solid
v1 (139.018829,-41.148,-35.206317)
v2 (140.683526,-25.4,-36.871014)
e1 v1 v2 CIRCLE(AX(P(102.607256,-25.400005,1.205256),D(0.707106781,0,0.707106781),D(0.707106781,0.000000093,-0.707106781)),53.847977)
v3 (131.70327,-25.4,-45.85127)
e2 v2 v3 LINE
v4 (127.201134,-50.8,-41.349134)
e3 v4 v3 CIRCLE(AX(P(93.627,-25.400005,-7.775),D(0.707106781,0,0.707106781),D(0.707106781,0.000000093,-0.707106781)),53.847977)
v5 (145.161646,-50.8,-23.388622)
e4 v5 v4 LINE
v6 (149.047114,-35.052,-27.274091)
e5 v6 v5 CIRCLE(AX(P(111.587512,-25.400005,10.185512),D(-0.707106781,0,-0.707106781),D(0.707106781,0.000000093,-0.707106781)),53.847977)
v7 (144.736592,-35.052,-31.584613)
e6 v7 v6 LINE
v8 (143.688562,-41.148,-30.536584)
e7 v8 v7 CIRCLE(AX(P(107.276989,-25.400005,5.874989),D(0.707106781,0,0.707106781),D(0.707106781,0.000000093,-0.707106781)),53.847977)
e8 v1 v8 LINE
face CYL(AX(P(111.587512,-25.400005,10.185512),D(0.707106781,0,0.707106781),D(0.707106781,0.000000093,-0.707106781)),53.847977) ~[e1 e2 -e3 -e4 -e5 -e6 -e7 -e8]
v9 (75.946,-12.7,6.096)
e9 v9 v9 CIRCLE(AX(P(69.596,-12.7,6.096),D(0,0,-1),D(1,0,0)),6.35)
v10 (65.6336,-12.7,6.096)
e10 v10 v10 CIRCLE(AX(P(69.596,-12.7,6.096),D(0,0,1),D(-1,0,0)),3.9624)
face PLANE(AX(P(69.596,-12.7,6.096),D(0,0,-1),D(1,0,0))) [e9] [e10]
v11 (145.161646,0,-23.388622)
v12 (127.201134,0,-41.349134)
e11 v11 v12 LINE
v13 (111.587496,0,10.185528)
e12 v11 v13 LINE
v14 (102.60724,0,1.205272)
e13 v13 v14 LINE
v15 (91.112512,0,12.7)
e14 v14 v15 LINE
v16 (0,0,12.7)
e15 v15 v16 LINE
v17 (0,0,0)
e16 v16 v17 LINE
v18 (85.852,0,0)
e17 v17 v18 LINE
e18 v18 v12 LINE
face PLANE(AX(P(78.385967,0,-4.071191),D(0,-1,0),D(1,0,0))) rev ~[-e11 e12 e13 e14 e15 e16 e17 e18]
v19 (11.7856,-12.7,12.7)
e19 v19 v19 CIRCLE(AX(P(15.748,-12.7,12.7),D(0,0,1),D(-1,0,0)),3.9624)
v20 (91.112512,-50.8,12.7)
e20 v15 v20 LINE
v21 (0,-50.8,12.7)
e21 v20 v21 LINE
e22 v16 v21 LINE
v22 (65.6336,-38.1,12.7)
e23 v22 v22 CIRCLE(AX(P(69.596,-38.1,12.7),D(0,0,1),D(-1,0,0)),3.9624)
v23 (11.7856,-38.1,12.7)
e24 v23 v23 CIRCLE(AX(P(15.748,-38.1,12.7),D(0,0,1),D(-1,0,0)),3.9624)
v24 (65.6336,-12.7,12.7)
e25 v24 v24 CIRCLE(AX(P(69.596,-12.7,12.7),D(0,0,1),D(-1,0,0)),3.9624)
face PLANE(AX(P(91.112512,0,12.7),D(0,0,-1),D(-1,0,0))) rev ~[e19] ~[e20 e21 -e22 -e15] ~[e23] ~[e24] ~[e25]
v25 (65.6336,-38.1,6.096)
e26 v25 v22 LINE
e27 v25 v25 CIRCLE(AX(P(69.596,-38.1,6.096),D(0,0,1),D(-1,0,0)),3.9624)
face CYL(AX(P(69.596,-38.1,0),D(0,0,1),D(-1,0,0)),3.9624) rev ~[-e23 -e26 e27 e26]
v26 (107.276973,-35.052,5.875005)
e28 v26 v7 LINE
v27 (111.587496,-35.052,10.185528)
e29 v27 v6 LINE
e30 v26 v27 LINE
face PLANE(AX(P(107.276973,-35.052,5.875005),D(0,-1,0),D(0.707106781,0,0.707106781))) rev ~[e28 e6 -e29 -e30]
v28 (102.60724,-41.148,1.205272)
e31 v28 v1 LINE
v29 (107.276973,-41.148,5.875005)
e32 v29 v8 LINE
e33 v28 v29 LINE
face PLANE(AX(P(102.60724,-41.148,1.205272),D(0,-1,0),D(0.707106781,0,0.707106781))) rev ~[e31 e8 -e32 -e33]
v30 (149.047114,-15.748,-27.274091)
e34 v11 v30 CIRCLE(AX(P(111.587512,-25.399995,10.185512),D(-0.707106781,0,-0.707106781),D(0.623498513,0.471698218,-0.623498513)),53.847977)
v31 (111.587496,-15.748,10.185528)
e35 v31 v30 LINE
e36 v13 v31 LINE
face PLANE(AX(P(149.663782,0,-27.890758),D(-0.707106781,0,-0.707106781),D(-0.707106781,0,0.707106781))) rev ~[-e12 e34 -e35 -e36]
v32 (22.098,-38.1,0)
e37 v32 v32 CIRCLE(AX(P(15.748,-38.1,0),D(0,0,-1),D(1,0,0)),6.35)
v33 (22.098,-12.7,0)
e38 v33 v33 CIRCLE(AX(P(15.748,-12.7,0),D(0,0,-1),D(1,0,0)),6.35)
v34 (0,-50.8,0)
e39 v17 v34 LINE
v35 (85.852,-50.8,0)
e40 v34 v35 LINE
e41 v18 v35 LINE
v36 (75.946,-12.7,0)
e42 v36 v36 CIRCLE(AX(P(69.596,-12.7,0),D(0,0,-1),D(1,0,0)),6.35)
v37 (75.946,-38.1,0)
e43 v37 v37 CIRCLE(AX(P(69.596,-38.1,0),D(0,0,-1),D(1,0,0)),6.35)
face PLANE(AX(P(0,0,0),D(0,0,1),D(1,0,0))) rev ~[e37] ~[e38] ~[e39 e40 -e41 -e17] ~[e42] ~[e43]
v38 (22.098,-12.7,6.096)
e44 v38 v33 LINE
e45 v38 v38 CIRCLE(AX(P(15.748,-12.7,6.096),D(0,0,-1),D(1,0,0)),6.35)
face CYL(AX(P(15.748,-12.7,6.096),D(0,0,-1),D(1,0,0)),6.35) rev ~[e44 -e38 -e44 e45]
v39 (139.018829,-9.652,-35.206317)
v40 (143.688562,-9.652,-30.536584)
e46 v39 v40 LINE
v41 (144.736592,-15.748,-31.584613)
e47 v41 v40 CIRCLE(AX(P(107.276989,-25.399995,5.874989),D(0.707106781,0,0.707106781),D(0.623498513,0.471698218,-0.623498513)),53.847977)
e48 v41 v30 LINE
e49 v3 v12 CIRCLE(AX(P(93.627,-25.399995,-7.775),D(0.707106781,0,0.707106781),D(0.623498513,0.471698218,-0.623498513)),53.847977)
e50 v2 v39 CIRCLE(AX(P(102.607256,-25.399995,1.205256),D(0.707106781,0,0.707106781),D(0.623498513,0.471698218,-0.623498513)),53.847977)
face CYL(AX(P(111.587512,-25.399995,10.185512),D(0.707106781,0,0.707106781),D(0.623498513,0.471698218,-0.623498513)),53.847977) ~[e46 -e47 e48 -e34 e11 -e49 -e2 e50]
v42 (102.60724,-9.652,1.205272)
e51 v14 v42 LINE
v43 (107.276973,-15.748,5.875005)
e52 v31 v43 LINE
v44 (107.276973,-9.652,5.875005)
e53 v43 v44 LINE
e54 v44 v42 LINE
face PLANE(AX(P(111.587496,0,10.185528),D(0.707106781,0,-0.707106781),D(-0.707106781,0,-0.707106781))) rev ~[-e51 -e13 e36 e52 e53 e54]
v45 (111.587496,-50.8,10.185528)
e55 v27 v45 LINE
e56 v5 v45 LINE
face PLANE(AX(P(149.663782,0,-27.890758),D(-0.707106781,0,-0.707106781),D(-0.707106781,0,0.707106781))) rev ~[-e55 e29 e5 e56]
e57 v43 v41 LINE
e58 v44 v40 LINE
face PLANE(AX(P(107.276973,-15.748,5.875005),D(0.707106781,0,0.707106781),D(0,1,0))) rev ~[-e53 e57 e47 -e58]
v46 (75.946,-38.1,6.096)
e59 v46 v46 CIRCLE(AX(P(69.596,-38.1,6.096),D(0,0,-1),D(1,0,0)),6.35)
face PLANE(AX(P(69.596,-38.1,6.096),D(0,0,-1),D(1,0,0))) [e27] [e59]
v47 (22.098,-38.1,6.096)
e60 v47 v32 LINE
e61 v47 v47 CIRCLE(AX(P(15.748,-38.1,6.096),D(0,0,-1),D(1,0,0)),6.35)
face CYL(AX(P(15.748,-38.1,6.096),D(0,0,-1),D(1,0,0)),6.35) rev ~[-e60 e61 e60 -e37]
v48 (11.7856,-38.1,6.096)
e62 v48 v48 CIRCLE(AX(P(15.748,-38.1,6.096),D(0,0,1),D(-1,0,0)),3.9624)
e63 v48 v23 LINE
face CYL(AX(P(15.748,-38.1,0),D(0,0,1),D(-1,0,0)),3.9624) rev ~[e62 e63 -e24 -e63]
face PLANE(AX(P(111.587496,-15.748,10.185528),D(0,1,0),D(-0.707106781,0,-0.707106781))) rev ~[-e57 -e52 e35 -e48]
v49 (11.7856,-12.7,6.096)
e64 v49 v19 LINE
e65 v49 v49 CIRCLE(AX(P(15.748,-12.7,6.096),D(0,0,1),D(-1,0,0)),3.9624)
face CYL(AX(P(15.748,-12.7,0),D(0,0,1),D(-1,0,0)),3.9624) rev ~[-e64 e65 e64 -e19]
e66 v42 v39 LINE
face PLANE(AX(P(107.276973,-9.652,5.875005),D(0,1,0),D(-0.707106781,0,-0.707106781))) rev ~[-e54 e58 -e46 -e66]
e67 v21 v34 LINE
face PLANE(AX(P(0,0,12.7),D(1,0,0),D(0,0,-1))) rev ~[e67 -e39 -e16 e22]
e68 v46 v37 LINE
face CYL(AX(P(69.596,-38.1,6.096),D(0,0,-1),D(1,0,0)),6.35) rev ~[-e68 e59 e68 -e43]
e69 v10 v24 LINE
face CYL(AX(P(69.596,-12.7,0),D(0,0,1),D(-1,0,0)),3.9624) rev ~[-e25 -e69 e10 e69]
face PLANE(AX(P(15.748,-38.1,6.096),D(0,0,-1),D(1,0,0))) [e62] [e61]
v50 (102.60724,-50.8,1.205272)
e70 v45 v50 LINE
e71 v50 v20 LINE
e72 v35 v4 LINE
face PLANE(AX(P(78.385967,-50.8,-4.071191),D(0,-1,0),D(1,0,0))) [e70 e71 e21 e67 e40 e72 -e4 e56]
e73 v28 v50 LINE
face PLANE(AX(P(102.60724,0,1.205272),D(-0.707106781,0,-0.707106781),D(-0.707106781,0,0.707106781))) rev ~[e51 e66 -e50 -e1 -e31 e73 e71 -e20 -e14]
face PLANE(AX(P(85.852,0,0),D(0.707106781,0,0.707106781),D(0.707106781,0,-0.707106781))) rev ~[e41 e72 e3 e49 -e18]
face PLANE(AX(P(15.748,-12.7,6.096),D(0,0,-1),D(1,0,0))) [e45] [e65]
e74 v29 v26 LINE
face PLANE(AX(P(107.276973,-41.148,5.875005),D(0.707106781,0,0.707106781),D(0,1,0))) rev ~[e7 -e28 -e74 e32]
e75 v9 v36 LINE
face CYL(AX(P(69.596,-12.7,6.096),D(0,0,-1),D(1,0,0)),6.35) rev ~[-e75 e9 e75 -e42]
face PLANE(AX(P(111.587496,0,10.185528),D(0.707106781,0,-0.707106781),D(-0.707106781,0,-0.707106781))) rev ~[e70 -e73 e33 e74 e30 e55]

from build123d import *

# Parameters (mm, degrees)
F1_DEPTH       = 50.8
F3_DEPTH       = 50.8
F5_DEPTH       = 53.848
F7_D           = 7.9248
F7_CBORE_D     = 12.7
F7_CBORE_DEPTH = 6.096


with BuildPart() as f1:
    # F0 (on Front) → F1 (new body)
    with BuildSketch(Plane.XZ):
        Polygon((0, 12.7), (0, 0), (85.852, 0), (131.70327, -45.85127), (149.663782, -27.890758), (111.587496, 10.185528), (102.60724, 1.205272), (91.112512, 12.7), align=None)
    extrude(amount=F1_DEPTH)

    # F2 (on face) → F3 (cut)
    with BuildSketch(Plane(origin=(60.886512, 0, 60.886512), x_dir=(0.707107, 0, -0.707107), z_dir=(0.707107, 0, 0.707107))):
        with BuildLine():
            ThreePointArc((119.183037, 0), (123.934026, -12.307078), (125.550019, -25.4))
            Line((125.550019, -25.4), (125.550019, 0))
            Line((125.550019, 0), (119.183037, 0))
        make_face()
        with BuildLine():
            ThreePointArc((125.550019, -25.4), (123.934026, -38.492922), (119.183037, -50.8))
            Line((119.183037, -50.8), (125.550019, -50.8))
            Line((125.550019, -50.8), (125.550019, -25.4))
        make_face()
    extrude(amount=-F3_DEPTH, mode=Mode.SUBTRACT)

    # F4 (on face) → F5 (cut)
    with BuildSketch(Plane(origin=(50.700984, 0, -50.700984), x_dir=(0, -1, 0), z_dir=(-0.707107, 0, 0.707107))):
        Polygon((9.652, 80.010531), (9.652, 73.406531), (41.148, 73.406531), (41.148, 80.010531), (35.052, 80.010531), (35.052, 86.106531), (15.748, 86.106531), (15.748, 80.010531), align=None)
    extrude(amount=-F5_DEPTH, mode=Mode.SUBTRACT)

    # F7 (through all)
    with Locations(Plane(origin=(0, 0, 0), x_dir=(1, 0, 0), z_dir=(0, 0, -1))):
        with Locations((15.748, 38.1), (15.748, 12.7), (69.596, 12.7), (69.596, 38.1)):
            CounterBoreHole(F7_D / 2, F7_CBORE_D / 2, F7_CBORE_DEPTH)


solid = f1.part
